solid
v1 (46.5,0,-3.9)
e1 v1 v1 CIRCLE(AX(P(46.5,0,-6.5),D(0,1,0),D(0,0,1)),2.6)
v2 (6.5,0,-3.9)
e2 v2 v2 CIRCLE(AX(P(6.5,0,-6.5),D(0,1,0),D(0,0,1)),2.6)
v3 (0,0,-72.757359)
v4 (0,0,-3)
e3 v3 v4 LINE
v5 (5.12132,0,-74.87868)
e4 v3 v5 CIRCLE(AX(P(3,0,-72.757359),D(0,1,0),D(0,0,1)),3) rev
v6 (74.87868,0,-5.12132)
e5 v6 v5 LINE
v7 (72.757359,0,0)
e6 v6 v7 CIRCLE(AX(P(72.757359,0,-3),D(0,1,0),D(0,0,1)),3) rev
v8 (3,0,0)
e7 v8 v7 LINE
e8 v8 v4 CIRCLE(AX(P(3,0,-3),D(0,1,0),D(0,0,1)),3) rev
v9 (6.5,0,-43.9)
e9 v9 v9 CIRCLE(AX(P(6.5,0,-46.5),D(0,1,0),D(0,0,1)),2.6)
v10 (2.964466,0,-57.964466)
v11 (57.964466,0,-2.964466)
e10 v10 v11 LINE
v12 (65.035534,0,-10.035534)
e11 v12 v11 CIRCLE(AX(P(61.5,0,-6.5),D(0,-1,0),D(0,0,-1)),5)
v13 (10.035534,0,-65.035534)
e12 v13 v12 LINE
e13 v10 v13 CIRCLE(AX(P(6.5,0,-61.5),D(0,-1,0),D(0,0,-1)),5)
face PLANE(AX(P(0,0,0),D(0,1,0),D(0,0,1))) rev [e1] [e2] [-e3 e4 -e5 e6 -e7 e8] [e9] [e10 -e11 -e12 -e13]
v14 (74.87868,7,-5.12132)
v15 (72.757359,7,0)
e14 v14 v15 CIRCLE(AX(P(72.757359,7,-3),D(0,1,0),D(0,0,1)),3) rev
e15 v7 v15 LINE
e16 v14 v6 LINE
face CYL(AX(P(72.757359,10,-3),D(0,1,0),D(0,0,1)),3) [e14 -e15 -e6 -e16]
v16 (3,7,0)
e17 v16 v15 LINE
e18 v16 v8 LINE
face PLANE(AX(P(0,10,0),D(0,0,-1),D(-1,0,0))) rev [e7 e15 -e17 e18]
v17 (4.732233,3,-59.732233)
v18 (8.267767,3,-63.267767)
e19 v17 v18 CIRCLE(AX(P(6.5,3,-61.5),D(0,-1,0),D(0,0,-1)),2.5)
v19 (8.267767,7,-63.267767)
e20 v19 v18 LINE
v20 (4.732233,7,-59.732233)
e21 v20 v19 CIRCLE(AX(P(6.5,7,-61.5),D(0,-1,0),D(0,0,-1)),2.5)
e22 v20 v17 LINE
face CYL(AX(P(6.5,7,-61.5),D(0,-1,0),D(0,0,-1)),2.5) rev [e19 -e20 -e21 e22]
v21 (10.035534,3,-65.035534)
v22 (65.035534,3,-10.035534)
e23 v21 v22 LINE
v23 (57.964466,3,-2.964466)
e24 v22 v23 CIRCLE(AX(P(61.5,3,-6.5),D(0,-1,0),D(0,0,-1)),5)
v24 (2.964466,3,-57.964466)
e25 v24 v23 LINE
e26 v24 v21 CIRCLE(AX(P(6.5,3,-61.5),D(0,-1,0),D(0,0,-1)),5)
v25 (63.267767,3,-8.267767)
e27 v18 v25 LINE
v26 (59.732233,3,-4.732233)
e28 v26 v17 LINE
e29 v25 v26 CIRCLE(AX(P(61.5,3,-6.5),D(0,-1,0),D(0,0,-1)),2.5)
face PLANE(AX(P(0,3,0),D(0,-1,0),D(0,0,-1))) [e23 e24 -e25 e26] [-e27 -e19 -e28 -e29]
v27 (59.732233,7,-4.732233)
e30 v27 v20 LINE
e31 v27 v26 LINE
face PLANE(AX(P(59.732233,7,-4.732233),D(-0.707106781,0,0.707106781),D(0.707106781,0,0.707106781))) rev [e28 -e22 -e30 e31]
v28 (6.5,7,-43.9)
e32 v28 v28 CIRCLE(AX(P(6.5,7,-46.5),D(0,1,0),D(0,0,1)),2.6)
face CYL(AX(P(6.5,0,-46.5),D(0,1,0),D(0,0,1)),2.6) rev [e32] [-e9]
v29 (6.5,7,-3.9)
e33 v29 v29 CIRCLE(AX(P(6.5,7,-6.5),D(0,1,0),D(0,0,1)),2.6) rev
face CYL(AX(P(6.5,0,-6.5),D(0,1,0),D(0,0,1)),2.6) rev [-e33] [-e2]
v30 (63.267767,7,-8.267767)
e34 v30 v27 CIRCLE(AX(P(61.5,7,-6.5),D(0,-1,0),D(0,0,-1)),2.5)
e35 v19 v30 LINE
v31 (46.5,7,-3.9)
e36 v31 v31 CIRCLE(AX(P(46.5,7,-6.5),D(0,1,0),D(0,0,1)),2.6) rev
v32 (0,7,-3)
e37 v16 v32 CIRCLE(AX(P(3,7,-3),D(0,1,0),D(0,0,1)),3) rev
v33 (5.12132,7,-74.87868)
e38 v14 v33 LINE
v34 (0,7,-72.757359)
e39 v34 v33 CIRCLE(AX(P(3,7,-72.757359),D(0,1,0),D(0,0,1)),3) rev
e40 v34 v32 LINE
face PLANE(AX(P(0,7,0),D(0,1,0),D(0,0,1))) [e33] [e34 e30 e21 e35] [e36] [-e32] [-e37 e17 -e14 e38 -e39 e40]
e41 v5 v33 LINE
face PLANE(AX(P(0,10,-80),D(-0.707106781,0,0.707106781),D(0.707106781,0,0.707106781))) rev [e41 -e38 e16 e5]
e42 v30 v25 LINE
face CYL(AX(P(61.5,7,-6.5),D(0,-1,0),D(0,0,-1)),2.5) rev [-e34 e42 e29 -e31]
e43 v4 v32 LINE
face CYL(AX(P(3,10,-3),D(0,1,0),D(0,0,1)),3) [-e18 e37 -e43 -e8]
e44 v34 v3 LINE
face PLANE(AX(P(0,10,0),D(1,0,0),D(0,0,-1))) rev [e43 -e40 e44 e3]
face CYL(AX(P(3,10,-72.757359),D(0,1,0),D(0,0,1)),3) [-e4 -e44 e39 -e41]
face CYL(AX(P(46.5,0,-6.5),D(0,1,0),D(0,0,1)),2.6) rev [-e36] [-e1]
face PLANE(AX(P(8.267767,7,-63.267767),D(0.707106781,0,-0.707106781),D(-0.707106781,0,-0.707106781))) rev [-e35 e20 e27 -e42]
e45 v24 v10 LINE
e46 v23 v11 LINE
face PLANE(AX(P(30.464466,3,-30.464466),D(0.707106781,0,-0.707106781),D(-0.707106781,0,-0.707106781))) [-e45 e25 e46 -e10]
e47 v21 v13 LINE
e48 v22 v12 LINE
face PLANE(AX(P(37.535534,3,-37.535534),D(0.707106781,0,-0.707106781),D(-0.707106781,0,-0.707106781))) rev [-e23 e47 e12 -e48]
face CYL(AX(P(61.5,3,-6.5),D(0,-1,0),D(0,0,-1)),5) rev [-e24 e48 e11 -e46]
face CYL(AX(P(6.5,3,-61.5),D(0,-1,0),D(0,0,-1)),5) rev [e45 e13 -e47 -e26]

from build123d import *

# Parameters (mm, degrees)
EXTRUDE_1_DEPTH      = 10
SKETCH_5_R           = 2.6
CUT_EXTRUDE_3_DEPTH  = 10
FILLET_5_R           = 3
FILLET_6_R           = 3
FILLET_7_R           = 3
SKETCH_7_R           = 5.5
CUT_EXTRUDE_4_DEPTH  = 5
SKETCH_12_R          = 2.553682631
CUT_EXTRUDE_9_DEPTH  = 9
EXTRUDE_2_DEPTH      = 5
CUT_EXTRUDE_START    = 5
SKETCH_14_R          = 5.5
CUT_EXTRUDE_12_DEPTH = 5
EXTRUDE_START        = 5
EXTRUDE_6_DEPTH      = 5
SKETCH_22_R          = 5.5
EXTRUDE_7_DEPTH      = 5
SKETCH_24_R          = 5.5
CUT_EXTRUDE_14_DEPTH = 3
SKETCH_25_R          = 2.65
CUT_EXTRUDE_15_DEPTH = 3
SKETCH_26_R          = 2.65
CUT_EXTRUDE_16_DEPTH = 5
SKETCH_29_R          = 2.65
EXTRUDE_8_DEPTH      = 10
EXTRUDE_START_2      = 3
SKETCH_30_R          = 5.5
EXTRUDE_9_DEPTH      = 3
CUT_EXTRUDE_18_DEPTH = 3
SKETCH_33_R          = 5.5
SKETCH_33_R_2        = 2.6
EXTRUDE_10_DEPTH     = 5
SKETCH_34_W          = 118.655960463
SKETCH_34_H          = 108.474675719
CUT_EXTRUDE_20_DEPTH = 3
CUT_EXTRUDE_21_DEPTH = 108.211729676
SKETCH_36_R          = 2.6
CUT_EXTRUDE_23_DEPTH = 108.365520444


with BuildPart() as part:
    # 草图1 → 凸台-拉伸1 (new body)
    with BuildSketch(Plane(origin=(0, 0, 0), x_dir=(1, 0, 0), z_dir=(0, 1, 0))):
        Polygon((0, 0), (0, 80), (80, 0), align=None)
    extrude(amount=EXTRUDE_1_DEPTH)

    # 草图5 → 切除-拉伸3 (cut)
    with BuildSketch(Plane(origin=(0, 10, 0), x_dir=(1, 0, 0), z_dir=(0, 1, 0))):
        with Locations(Location((6.5, 6.5, 0), (0, 0, 270))):
            Circle(SKETCH_5_R)
        with Locations(Location((6.5, 46.5, 0), (0, 0, 270))):
            Circle(SKETCH_5_R)
        with Locations(Location((46.5, 6.5, 0), (0, 0, 270))):
            Circle(SKETCH_5_R)
    extrude(amount=-CUT_EXTRUDE_3_DEPTH, mode=Mode.SUBTRACT)

    # 圆角5
    fillet_5_edges = [part.edges().sort_by_distance(p)[0] for p in [
        (80, 5, 0),
    ]]
    fillet(fillet_5_edges, radius=FILLET_5_R)

    # 圆角6
    fillet_6_edges = [part.edges().sort_by_distance(p)[0] for p in [
        (0, 5, -80),
    ]]
    fillet(fillet_6_edges, radius=FILLET_6_R)

    # 圆角7
    fillet_7_edges = [part.edges().sort_by_distance(p)[0] for p in [
        (0, 5, 0),
    ]]
    fillet(fillet_7_edges, radius=FILLET_7_R)

    # 草图7 → 切除-拉伸4 (cut)
    with BuildSketch(Plane(origin=(0, 10, 0), x_dir=(1, 0, 0), z_dir=(0, 1, 0))):
        with Locations(Location((6.5, 6.5, 0), (0, 0, 270))):
            Circle(SKETCH_7_R)
        with Locations(Location((6.5, 46.5, 0), (0, 0, 270))):
            Circle(SKETCH_7_R)
        with Locations(Location((46.5, 6.5, 0), (0, 0, 270))):
            Circle(SKETCH_7_R)
    extrude(amount=-CUT_EXTRUDE_4_DEPTH, mode=Mode.SUBTRACT)

    # 草图12 → 切除-拉伸9 (cut)
    with BuildSketch(Plane.XZ):
        with Locations((8.5, -46.5)):
            Circle(SKETCH_12_R)
    extrude(amount=-CUT_EXTRUDE_9_DEPTH, mode=Mode.SUBTRACT)

    # 草图13 → 凸台-拉伸2 (add)
    with BuildSketch(Plane.XZ):
        with BuildLine():
            ThreePointArc((7.559676255, -48.87425488), (5.946317369, -46.5), (7.559676255, -44.12574512))
            ThreePointArc((7.559676255, -44.12574512), (3.9, -46.5), (7.559676255, -48.87425488))
        make_face()
    extrude(amount=-EXTRUDE_2_DEPTH)

    # 草图14 → 切除-拉伸12 (cut)
    with BuildSketch(Plane(origin=(0, 5, 0), x_dir=(1, 0, 0), z_dir=(0, 1, 0)).offset(CUT_EXTRUDE_START)):
        with Locations((8.5, 46.5)):
            Circle(SKETCH_14_R)
        with Locations((6.5, 46.5)):
            Circle(SKETCH_14_R)
    extrude(amount=-CUT_EXTRUDE_12_DEPTH, mode=Mode.SUBTRACT)

    # 草图21 → 凸台-拉伸6 (add)
    with BuildSketch(Plane(origin=(0, 5, 0), x_dir=(1, 0, 0), z_dir=(0, 1, 0)).offset(EXTRUDE_START)):
        with BuildLine():
            ThreePointArc((7.5, 41.091673087), (3, 46.5), (7.5, 51.908326913))
            ThreePointArc((7.5, 51.908326913), (1, 46.5), (7.5, 41.091673087))
        make_face()
    extrude(amount=-EXTRUDE_6_DEPTH)

    # 草图22 → 凸台-拉伸7 (add)
    with BuildSketch(Plane(origin=(0, 5, 0), x_dir=(1, 0, 0), z_dir=(0, 1, 0)).offset(EXTRUDE_START)):
        with Locations((8.5, 46.5)):
            Circle(SKETCH_22_R)
    extrude(amount=-EXTRUDE_7_DEPTH)

    # 草图24 → 切除-拉伸14 (cut)
    with BuildSketch(Plane(origin=(0, 10, 0), x_dir=(1, 0, 0), z_dir=(0, 1, 0))):
        with Locations(Location((8.5, 46.5, 0), (0, 0, 270))):
            Circle(SKETCH_24_R)
    extrude(amount=-CUT_EXTRUDE_14_DEPTH, mode=Mode.SUBTRACT)

    # 草图25 → 切除-拉伸15 (cut)
    with BuildSketch(Plane.XZ.offset(-5)):
        with Locations(Location((8.5, -46.5, 0), (0, 0, 270))):
            Circle(SKETCH_25_R)
    extrude(amount=-CUT_EXTRUDE_15_DEPTH, mode=Mode.SUBTRACT)

    # 草图26 → 切除-拉伸16 (cut)
    with BuildSketch(Plane.XZ):
        with Locations(Location((8.5, -46.5, 0), (0, 0, 270))):
            Circle(SKETCH_26_R)
    extrude(amount=-CUT_EXTRUDE_16_DEPTH, mode=Mode.SUBTRACT)

    # 草图29 → 凸台-拉伸8 (add)
    with BuildSketch(Plane.XZ):
        with Locations(Location((8.5, -46.5, 0), (0, 0, 270))):
            Circle(SKETCH_29_R)
    extrude(amount=-EXTRUDE_8_DEPTH)

    # 草图30 → 凸台-拉伸9 (add)
    with BuildSketch(Plane(origin=(0, 7, 0), x_dir=(1, 0, 0), z_dir=(0, 1, 0)).offset(EXTRUDE_START_2)):
        with Locations((8.5, 46.5)):
            Circle(SKETCH_30_R)
    extrude(amount=-EXTRUDE_9_DEPTH)

    # 草图2 → 切除-拉伸18 (cut)
    with BuildSketch(Plane.XZ):
        with BuildLine():
            ThreePointArc((6.5, -56.5), (8.413417162, -56.880602337), (10.035533906, -57.964466094))
            Line((10.035533906, -57.964466094), (57.964466094, -10.035533906))
            ThreePointArc((57.964466094, -10.035533906), (56.880602337, -8.413417162), (56.5, -6.5))
            Line((56.5, -6.5), (54.428932188, -6.5))
            Line((54.428932188, -6.5), (6.5, -54.428932188))
            Line((6.5, -54.428932188), (6.5, -56.5))
        make_face()
        with BuildLine():
            Line((57.964466094, -10.035533906), (10.035533906, -57.964466094))
            ThreePointArc((10.035533906, -57.964466094), (11.119397663, -59.586582838), (11.5, -61.5))
            ThreePointArc((11.5, -61.5), (11.119397663, -63.413417162), (10.035533906, -65.035533906))
            Line((10.035533906, -65.035533906), (65.035533906, -10.035533906))
            ThreePointArc((65.035533906, -10.035533906), (61.5, -11.5), (57.964466094, -10.035533906))
        make_face()
        with BuildLine():
            Line((6.5, -66.5), (6.5, -61.5))
            Line((6.5, -61.5), (6.5, -56.5))
            ThreePointArc((6.5, -56.5), (4.586582838, -56.880602337), (2.964466094, -57.964466094))
            ThreePointArc((2.964466094, -57.964466094), (1.880602337, -63.413417162), (6.5, -66.5))
        make_face()
        with BuildLine():
            Line((6.5, -56.5), (6.5, -61.5))
            Line((6.5, -61.5), (10.035533906, -57.964466094))
            ThreePointArc((10.035533906, -57.964466094), (8.413417162, -56.880602337), (6.5, -56.5))
        make_face()
        with BuildLine():
            Line((10.035533906, -57.964466094), (6.5, -61.5))
            Line((6.5, -61.5), (6.5, -66.5))
            ThreePointArc((6.5, -66.5), (8.413417162, -66.119397663), (10.035533906, -65.035533906))
            ThreePointArc((10.035533906, -65.035533906), (11.119397663, -63.413417162), (11.5, -61.5))
            ThreePointArc((11.5, -61.5), (11.119397663, -59.586582838), (10.035533906, -57.964466094))
        make_face()
        with BuildLine():
            Line((6.5, -56.5), (6.5, -61.5))
            Line((6.5, -61.5), (10.035533906, -57.964466094))
            ThreePointArc((10.035533906, -57.964466094), (8.413417162, -56.880602337), (6.5, -56.5))
        make_face()
        with BuildLine():
            Line((10.035533906, -57.964466094), (6.5, -61.5))
            Line((6.5, -61.5), (6.5, -66.5))
            ThreePointArc((6.5, -66.5), (8.413417162, -66.119397663), (10.035533906, -65.035533906))
            ThreePointArc((10.035533906, -65.035533906), (11.119397663, -63.413417162), (11.5, -61.5))
            ThreePointArc((11.5, -61.5), (11.119397663, -59.586582838), (10.035533906, -57.964466094))
        make_face()
        with BuildLine():
            ThreePointArc((2.964466094, -57.964466094), (4.586582838, -56.880602337), (6.5, -56.5))
            Line((6.5, -56.5), (6.5, -54.428932188))
            Line((6.5, -54.428932188), (2.964466094, -57.964466094))
        make_face()
        with BuildLine():
            Line((54.428932188, -6.5), (56.5, -6.5))
            ThreePointArc((56.5, -6.5), (56.880602337, -4.586582838), (57.964466094, -2.964466094))
            Line((57.964466094, -2.964466094), (54.428932188, -6.5))
        make_face()
        with BuildLine():
            Line((56.5, -6.5), (61.5, -6.5))
            Line((61.5, -6.5), (66.5, -6.5))
            ThreePointArc((66.5, -6.5), (63.413417162, -1.880602337), (57.964466094, -2.964466094))
            ThreePointArc((57.964466094, -2.964466094), (56.880602337, -4.586582838), (56.5, -6.5))
        make_face()
        with BuildLine():
            ThreePointArc((56.5, -6.5), (56.880602337, -8.413417162), (57.964466094, -10.035533906))
            Line((57.964466094, -10.035533906), (61.5, -6.5))
            Line((61.5, -6.5), (56.5, -6.5))
        make_face()
        with BuildLine():
            Line((61.5, -6.5), (57.964466094, -10.035533906))
            ThreePointArc((57.964466094, -10.035533906), (61.5, -11.5), (65.035533906, -10.035533906))
            ThreePointArc((65.035533906, -10.035533906), (66.119397663, -8.413417162), (66.5, -6.5))
            Line((66.5, -6.5), (61.5, -6.5))
        make_face()
        with BuildLine():
            ThreePointArc((56.5, -6.5), (56.880602337, -8.413417162), (57.964466094, -10.035533906))
            Line((57.964466094, -10.035533906), (61.5, -6.5))
            Line((61.5, -6.5), (56.5, -6.5))
        make_face()
        with BuildLine():
            Line((61.5, -6.5), (57.964466094, -10.035533906))
            ThreePointArc((57.964466094, -10.035533906), (61.5, -11.5), (65.035533906, -10.035533906))
            ThreePointArc((65.035533906, -10.035533906), (66.119397663, -8.413417162), (66.5, -6.5))
            Line((66.5, -6.5), (61.5, -6.5))
        make_face()
    extrude(amount=-CUT_EXTRUDE_18_DEPTH, mode=Mode.SUBTRACT)

    # 草图33 → 凸台-拉伸10 (add)
    # profile 1 of 2: a face of its own
    with BuildSketch(Plane(origin=(0, 10, 0), x_dir=(1, 0, 0), z_dir=(0, 1, 0))):
        with Locations((6.5, 6.5)):
            Circle(SKETCH_33_R)
        with Locations(Location((6.5, 6.5, 0), (0, 0, 270))):
            Circle(SKETCH_33_R_2, mode=Mode.SUBTRACT)
    # profile 2 of 2: a face of its own
    with BuildSketch(Plane(origin=(0, 10, 0), x_dir=(1, 0, 0), z_dir=(0, 1, 0))):
        with Locations((46.5, 6.5)):
            Circle(SKETCH_33_R)
        with Locations(Location((46.5, 6.5, 0), (0, 0, 270))):
            Circle(SKETCH_33_R_2, mode=Mode.SUBTRACT)
    extrude(amount=-EXTRUDE_10_DEPTH)

    # 草图34 → 切除-拉伸20 (cut)
    with BuildSketch(Plane(origin=(0, 10, 0), x_dir=(1, 0, 0), z_dir=(0, 1, 0))):
        with Locations((37.4387476, 33.290816779)):
            Rectangle(SKETCH_34_W, SKETCH_34_H)
    extrude(amount=-CUT_EXTRUDE_20_DEPTH, mode=Mode.SUBTRACT)

    # 草图35 → 切除-拉伸21 (cut, through all)
    with BuildSketch(Plane.XZ.offset(-3)):
        with BuildLine():
            Line((8.267766953, -63.267766953), (63.267766953, -8.267766953))
            ThreePointArc((63.267766953, -8.267766953), (63.267766953, -4.732233047), (59.732233047, -4.732233047))
            Line((59.732233047, -4.732233047), (4.732233047, -59.732233047))
            ThreePointArc((4.732233047, -59.732233047), (4.732233047, -63.267766953), (8.267766953, -63.267766953))
        make_face()
    extrude(amount=-CUT_EXTRUDE_21_DEPTH, mode=Mode.SUBTRACT)

    # 草图36 → 切除-拉伸23 (cut, through all)
    with BuildSketch(Plane(origin=(0, 7, 0), x_dir=(1, 0, 0), z_dir=(0, 1, 0))):
        with Locations(Location((6.5, 46.5, 0), (0, 0, 270))):
            Circle(SKETCH_36_R)
    extrude(amount=-CUT_EXTRUDE_23_DEPTH, mode=Mode.SUBTRACT)


solid = part.part
